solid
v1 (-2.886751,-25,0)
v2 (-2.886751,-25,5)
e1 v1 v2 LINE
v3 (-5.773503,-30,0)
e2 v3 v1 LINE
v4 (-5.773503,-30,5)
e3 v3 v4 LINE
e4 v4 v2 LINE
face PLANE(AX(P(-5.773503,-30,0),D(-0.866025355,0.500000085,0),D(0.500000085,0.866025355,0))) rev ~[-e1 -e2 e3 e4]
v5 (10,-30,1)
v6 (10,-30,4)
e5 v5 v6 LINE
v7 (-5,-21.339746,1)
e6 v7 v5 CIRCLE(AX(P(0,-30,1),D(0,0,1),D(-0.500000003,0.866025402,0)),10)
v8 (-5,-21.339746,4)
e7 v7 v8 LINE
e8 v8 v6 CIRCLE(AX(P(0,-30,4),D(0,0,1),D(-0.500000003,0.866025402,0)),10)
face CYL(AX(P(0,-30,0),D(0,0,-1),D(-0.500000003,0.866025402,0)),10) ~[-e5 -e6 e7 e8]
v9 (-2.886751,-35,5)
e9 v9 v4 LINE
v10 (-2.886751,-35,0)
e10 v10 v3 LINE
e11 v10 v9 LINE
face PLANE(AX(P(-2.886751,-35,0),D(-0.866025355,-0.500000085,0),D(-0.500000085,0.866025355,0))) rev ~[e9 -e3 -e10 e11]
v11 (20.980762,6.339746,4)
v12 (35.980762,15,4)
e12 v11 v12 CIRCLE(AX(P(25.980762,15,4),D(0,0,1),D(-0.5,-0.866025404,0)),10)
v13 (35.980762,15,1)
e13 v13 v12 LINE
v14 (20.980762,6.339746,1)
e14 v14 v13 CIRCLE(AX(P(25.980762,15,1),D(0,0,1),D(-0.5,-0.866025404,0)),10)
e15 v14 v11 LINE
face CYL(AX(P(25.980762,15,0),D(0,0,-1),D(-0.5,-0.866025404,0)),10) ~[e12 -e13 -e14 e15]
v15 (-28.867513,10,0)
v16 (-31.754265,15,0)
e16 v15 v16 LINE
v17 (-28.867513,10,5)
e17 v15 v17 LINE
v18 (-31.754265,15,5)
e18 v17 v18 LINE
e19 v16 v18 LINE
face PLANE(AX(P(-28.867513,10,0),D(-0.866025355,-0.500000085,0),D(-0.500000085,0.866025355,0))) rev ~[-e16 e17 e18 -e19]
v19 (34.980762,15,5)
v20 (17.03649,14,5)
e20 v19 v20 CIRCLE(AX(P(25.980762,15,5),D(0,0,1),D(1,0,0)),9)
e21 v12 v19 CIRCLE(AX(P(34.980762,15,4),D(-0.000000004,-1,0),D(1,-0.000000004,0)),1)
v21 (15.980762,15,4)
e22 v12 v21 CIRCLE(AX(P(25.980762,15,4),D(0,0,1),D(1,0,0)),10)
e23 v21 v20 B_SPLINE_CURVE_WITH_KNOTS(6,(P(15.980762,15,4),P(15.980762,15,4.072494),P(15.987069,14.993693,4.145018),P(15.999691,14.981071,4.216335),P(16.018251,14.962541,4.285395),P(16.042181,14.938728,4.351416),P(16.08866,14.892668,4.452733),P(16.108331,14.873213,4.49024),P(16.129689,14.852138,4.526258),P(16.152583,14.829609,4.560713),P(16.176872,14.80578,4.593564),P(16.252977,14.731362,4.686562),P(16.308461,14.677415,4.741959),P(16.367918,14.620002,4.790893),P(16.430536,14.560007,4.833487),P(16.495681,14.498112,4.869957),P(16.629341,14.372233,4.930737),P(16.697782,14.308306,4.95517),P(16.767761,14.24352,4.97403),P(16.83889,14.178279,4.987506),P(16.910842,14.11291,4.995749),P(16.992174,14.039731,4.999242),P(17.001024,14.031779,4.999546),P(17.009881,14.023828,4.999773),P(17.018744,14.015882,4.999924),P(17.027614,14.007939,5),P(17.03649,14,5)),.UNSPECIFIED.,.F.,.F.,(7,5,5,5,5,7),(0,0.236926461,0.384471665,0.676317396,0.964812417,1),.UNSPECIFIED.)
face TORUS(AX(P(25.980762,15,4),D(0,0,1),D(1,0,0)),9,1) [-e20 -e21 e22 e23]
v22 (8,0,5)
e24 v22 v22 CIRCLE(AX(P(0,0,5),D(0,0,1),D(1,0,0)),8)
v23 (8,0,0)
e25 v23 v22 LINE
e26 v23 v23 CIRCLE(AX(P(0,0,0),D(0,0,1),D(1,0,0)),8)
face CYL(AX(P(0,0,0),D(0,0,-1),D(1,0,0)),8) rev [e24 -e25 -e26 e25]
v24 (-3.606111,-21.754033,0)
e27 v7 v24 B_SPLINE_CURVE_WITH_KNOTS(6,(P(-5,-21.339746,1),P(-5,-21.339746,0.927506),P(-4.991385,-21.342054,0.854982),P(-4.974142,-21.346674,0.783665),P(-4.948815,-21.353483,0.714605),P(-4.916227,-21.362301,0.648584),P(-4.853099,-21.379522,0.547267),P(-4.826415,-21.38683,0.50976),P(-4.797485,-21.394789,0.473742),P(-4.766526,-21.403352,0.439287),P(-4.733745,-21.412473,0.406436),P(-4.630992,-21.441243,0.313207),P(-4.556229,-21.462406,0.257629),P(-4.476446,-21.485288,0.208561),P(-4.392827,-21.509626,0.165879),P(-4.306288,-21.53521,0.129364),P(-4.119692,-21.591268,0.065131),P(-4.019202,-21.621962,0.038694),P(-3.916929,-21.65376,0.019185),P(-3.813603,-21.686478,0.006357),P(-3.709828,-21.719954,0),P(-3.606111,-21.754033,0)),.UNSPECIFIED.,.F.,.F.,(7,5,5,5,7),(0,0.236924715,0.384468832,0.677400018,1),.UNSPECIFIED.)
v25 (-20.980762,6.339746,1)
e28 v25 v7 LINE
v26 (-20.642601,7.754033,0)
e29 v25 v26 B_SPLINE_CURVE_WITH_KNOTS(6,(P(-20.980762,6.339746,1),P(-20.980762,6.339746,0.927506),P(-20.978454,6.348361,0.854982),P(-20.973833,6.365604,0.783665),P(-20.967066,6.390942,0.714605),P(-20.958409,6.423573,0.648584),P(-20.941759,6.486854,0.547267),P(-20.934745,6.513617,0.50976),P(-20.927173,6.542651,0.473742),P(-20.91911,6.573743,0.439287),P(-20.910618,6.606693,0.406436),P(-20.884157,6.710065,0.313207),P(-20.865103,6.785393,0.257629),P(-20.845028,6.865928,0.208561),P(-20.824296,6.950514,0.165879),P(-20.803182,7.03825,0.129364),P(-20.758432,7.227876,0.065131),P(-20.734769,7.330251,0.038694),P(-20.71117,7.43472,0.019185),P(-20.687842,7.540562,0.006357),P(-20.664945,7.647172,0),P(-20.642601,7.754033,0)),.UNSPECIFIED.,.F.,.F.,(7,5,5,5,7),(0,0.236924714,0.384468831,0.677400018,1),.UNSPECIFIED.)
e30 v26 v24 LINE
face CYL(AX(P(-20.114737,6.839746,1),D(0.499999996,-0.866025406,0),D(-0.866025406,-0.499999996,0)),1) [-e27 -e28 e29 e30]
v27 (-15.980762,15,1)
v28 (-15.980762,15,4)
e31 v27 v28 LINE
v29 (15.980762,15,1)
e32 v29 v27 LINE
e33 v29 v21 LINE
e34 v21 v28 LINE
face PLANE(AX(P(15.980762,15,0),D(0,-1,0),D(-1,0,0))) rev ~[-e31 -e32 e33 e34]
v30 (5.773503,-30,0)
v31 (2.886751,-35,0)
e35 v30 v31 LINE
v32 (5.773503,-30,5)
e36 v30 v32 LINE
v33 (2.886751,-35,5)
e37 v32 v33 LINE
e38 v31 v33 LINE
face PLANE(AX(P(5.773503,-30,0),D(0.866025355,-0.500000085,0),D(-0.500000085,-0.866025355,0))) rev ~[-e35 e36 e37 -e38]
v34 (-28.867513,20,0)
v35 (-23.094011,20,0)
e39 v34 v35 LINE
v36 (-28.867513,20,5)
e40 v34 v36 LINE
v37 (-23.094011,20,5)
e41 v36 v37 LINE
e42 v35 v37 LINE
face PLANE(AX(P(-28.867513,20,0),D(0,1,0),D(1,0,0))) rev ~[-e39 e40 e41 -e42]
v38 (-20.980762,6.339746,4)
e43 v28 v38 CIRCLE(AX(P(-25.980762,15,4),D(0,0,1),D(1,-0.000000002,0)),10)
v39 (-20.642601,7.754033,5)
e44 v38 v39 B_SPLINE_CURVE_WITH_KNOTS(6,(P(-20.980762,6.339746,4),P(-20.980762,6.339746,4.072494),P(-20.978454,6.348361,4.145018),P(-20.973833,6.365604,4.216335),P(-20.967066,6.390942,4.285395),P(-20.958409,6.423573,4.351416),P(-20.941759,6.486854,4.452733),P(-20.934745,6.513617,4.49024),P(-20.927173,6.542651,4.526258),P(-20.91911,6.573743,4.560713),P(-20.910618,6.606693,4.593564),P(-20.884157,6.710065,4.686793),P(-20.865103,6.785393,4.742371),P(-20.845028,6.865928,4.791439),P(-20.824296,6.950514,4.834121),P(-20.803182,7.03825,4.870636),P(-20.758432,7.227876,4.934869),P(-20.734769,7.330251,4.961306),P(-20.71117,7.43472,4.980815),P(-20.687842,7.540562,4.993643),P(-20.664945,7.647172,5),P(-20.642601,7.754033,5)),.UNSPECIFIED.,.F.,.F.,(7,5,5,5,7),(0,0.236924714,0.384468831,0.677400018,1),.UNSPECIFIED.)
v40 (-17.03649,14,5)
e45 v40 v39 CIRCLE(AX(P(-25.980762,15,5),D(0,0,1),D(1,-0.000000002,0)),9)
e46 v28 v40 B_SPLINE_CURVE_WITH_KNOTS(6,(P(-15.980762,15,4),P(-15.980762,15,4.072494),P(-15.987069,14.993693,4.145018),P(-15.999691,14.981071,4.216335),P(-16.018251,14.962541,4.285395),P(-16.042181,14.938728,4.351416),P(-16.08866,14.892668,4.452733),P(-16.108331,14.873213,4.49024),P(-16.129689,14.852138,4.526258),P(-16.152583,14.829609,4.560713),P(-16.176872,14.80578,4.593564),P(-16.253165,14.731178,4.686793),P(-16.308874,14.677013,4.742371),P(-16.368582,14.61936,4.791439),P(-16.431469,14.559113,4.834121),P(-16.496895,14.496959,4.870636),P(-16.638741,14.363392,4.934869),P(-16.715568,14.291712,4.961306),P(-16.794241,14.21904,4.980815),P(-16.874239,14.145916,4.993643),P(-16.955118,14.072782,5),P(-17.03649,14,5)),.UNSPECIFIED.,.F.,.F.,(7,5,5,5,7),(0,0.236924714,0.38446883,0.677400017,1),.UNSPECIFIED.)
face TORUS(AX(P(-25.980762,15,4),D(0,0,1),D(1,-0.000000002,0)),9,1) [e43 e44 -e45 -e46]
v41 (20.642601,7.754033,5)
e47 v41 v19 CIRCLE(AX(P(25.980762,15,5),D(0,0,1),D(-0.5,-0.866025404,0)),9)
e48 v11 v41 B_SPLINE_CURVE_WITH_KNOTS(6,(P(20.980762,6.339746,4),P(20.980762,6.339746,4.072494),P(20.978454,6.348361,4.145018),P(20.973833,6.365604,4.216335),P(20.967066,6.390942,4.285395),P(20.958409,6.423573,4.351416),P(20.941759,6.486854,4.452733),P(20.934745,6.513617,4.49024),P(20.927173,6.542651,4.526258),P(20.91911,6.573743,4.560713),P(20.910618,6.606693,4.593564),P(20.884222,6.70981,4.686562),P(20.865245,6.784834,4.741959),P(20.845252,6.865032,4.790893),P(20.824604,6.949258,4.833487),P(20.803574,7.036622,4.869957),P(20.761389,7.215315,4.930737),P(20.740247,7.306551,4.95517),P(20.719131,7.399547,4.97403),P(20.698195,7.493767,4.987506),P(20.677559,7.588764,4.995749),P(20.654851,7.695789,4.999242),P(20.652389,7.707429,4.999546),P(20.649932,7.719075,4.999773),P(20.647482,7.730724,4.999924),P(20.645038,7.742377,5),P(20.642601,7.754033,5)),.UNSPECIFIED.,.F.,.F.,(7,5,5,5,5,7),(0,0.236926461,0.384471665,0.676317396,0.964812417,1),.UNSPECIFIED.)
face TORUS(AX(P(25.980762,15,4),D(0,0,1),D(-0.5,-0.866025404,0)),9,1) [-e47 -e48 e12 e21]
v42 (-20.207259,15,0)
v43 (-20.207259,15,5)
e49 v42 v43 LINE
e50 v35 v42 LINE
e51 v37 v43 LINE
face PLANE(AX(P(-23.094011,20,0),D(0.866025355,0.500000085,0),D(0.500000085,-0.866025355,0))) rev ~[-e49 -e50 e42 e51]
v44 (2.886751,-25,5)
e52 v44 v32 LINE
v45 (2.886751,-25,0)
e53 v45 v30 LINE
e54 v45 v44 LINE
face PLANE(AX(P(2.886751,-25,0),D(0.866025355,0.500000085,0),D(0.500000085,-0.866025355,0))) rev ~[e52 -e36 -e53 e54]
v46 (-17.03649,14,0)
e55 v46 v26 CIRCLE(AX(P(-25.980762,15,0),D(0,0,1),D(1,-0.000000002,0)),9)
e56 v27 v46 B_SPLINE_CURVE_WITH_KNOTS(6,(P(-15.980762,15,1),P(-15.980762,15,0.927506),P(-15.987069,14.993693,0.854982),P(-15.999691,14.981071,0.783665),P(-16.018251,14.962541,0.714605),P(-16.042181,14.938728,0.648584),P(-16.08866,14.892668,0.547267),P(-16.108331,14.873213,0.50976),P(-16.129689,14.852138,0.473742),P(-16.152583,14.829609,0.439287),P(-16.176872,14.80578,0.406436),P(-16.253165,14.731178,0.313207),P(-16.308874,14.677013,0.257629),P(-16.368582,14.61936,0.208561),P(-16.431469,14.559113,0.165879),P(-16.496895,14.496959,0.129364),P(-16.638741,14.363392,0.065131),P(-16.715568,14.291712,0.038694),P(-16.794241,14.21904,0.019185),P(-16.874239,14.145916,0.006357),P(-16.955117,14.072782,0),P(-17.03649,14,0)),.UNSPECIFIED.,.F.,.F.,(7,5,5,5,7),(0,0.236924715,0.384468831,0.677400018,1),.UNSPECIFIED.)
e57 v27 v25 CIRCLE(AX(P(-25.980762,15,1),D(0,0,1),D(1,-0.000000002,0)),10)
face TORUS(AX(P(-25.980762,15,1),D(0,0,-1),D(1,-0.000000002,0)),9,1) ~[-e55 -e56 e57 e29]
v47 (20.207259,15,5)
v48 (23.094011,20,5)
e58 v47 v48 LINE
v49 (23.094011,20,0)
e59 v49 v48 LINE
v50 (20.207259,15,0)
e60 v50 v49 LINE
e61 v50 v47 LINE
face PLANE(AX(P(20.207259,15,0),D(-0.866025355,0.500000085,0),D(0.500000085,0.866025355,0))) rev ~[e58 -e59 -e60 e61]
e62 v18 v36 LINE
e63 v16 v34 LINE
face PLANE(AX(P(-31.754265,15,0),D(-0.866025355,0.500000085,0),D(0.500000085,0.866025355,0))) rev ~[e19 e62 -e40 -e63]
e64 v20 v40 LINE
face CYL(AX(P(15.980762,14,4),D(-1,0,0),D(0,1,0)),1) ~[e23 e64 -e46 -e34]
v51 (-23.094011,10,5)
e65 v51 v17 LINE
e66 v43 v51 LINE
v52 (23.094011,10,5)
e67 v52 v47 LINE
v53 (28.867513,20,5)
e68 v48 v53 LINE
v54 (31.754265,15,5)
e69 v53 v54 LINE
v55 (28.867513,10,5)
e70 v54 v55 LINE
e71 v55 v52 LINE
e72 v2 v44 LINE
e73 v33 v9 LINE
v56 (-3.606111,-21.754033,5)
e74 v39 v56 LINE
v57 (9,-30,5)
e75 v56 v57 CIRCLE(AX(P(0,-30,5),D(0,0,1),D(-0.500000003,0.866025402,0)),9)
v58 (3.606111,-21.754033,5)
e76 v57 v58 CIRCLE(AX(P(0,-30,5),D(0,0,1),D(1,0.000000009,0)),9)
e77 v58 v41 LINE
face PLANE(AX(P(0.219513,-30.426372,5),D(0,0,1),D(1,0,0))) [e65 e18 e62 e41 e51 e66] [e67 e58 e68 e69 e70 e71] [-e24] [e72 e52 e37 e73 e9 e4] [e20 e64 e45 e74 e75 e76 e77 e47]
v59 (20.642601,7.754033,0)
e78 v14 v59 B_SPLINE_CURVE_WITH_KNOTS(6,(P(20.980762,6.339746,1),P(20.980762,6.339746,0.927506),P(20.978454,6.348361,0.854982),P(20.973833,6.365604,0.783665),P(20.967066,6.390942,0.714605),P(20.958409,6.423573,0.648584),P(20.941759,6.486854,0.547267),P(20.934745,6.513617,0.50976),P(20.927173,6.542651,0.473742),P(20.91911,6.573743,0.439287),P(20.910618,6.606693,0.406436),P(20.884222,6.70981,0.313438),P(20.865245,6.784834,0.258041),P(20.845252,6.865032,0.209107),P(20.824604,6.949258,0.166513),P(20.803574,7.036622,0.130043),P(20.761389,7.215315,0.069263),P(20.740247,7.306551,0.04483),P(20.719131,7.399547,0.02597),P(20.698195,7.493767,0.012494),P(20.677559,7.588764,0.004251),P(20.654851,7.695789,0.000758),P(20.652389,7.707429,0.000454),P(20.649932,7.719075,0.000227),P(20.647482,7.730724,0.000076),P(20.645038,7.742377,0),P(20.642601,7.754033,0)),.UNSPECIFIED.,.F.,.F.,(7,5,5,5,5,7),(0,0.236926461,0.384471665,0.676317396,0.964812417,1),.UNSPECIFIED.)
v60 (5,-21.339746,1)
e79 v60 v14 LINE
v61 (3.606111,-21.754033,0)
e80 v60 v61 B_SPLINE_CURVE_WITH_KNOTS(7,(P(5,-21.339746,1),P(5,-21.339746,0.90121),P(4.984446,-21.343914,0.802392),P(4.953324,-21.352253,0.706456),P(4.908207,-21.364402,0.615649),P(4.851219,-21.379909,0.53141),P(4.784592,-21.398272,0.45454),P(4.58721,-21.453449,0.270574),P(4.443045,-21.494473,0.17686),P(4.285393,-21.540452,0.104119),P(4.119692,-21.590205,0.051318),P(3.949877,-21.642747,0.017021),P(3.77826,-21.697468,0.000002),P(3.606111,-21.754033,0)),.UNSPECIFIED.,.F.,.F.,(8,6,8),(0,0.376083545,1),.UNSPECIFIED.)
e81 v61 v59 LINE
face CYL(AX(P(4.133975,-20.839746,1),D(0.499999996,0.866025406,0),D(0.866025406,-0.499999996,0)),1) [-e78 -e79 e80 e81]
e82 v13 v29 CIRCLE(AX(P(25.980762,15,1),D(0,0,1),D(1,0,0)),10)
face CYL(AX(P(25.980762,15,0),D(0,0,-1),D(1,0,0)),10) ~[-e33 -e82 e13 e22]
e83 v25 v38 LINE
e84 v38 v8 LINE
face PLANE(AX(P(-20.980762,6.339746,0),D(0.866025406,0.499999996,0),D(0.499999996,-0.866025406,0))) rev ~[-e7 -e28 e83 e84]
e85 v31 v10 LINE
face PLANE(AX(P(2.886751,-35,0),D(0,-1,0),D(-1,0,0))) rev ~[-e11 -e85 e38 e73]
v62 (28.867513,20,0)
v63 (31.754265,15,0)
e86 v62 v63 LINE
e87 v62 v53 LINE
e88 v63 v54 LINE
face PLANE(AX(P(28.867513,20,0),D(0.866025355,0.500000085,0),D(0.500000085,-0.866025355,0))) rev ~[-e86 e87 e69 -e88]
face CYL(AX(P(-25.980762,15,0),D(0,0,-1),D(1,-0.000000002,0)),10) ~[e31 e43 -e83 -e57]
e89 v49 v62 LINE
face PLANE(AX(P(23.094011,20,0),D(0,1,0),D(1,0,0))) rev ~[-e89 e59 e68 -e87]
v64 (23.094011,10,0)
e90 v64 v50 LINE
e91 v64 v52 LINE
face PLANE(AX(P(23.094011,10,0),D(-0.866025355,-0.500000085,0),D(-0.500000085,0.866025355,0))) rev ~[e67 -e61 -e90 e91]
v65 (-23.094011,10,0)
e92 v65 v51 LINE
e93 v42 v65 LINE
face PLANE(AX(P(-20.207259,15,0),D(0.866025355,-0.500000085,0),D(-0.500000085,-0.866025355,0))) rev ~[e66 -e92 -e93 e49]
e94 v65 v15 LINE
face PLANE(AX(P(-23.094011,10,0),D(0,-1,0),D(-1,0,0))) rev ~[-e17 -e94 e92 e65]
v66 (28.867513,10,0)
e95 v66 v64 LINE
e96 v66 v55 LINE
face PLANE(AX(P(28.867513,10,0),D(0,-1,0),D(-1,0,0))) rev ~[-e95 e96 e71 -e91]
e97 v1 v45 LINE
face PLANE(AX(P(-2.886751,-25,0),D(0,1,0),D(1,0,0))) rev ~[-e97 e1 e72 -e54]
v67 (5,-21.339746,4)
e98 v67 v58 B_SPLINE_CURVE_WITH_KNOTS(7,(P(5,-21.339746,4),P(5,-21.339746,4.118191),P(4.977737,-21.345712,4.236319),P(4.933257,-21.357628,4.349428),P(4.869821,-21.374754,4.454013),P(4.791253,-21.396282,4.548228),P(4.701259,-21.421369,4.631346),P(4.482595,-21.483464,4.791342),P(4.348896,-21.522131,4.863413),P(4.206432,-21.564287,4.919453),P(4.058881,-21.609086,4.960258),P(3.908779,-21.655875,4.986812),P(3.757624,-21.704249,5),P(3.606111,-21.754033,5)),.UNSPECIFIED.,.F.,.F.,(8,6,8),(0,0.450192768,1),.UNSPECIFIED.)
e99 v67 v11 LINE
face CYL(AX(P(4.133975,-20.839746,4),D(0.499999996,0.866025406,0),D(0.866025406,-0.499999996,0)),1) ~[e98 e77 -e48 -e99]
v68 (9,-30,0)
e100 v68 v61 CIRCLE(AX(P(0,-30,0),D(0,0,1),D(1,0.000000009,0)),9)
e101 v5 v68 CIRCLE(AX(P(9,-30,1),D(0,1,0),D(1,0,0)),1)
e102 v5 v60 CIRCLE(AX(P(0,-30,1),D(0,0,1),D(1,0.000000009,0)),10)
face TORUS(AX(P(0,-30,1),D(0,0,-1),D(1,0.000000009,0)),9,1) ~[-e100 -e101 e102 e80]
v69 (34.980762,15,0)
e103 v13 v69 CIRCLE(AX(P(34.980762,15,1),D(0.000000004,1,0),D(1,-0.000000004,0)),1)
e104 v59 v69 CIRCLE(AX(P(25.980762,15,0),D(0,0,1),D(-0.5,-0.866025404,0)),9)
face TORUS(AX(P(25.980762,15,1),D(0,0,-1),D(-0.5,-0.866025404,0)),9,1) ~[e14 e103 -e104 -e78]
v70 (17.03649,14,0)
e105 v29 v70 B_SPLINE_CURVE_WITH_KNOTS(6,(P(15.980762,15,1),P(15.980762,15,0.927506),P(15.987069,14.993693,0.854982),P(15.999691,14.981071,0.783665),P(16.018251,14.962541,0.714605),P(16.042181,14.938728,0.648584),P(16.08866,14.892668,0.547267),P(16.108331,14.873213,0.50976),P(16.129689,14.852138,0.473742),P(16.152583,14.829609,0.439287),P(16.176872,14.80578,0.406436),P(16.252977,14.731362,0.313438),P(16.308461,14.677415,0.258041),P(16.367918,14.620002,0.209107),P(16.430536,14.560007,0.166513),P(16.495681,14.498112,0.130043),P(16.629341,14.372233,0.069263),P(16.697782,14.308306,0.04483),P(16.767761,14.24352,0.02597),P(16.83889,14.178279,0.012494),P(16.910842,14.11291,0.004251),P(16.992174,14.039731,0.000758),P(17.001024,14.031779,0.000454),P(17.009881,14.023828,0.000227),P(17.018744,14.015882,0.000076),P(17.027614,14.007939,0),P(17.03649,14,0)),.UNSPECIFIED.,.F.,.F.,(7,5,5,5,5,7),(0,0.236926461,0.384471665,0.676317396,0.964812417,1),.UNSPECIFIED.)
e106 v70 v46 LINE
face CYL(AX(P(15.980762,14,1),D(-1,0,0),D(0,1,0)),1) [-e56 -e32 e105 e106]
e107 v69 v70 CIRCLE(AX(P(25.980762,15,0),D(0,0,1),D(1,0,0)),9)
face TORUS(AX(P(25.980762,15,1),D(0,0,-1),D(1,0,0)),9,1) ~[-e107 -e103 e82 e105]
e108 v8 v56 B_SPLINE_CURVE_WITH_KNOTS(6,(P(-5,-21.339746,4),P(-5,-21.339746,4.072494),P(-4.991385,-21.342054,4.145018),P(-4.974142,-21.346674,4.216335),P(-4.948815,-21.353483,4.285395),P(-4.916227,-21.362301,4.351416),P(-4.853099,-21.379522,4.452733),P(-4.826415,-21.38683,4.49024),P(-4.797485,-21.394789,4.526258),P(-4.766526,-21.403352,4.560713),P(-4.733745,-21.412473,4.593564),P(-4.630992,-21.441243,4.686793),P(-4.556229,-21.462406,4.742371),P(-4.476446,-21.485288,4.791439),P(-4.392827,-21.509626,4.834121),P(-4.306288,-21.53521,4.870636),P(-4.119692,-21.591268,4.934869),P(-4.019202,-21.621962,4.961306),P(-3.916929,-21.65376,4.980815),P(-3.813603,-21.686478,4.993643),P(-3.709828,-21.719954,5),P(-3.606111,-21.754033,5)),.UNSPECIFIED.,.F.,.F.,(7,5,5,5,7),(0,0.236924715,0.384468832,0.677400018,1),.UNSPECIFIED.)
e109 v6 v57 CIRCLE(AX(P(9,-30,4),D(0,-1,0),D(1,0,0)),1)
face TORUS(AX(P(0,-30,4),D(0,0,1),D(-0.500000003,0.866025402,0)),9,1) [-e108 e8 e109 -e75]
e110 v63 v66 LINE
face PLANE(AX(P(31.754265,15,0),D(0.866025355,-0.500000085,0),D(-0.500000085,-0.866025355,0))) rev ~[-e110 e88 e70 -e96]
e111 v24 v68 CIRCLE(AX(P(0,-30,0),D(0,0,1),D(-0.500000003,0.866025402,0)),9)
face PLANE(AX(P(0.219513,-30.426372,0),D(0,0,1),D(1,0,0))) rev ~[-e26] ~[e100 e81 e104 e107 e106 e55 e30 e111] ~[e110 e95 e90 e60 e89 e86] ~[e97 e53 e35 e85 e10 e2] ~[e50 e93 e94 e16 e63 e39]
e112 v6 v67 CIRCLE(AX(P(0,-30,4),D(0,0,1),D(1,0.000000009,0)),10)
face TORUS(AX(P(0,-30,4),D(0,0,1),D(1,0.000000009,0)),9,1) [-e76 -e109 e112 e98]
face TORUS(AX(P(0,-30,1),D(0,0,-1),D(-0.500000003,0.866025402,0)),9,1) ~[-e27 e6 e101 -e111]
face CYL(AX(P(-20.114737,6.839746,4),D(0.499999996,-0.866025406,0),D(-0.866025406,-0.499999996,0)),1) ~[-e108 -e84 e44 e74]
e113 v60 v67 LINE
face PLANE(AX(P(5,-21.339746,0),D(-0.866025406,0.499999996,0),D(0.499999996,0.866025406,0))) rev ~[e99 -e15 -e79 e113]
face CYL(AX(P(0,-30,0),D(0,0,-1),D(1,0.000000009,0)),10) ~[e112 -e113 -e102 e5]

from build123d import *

# Parameters (mm, degrees)
F0_R     = 8
F1_DEPTH = 5
F2_R     = 1


with BuildPart() as f1:
    # F0 (on Top) → F1 (new body)
    with BuildSketch(Plane.XY):
        with BuildLine():
            ThreePointArc((10, -30), (8.660254, -25), (5, -21.339746))
            Line((5, -21.339746), (2.886751, -25))
            Line((2.886751, -25), (5.773503, -30))
            Line((5.773503, -30), (2.886751, -35))
            Line((2.886751, -35), (-2.886751, -35))
            Line((-2.886751, -35), (-5.773503, -30))
            Line((-5.773503, -30), (-2.886751, -25))
            Line((-2.886751, -25), (-5, -21.339746))
            ThreePointArc((-5, -21.339746), (-5, -38.660254), (10, -30))
        make_face()
        with BuildLine():
            ThreePointArc((20.980762, 6.339746), (17.320508, 10), (15.980762, 15))
            Line((15.980762, 15), (-15.980762, 15))
            ThreePointArc((-15.980762, 15), (-17.320508, 10), (-20.980762, 6.339746))
            Line((-20.980762, 6.339746), (-5, -21.339746))
            ThreePointArc((-5, -21.339746), (0, -20), (5, -21.339746))
            Line((5, -21.339746), (20.980762, 6.339746))
        make_face()
        Circle(F0_R, mode=Mode.SUBTRACT)
        with BuildLine():
            ThreePointArc((-20.980762, 6.339746), (-17.320508, 10), (-15.980762, 15))
            ThreePointArc((-15.980762, 15), (-34.641016, 20), (-20.980762, 6.339746))
        make_face()
        Polygon((-31.754265, 15), (-28.867513, 20), (-23.094011, 20), (-20.207259, 15), (-23.094011, 10), (-28.867513, 10), align=None, mode=Mode.SUBTRACT)
        with BuildLine():
            Line((20.207259, 15), (23.094011, 20))
            Line((23.094011, 20), (28.867513, 20))
            Line((28.867513, 20), (31.754265, 15))
            Line((31.754265, 15), (28.867513, 10))
            Line((28.867513, 10), (23.094011, 10))
            Line((23.094011, 10), (20.980762, 6.339746))
            ThreePointArc((20.980762, 6.339746), (30.980762, 6.339746), (35.980762, 15))
            ThreePointArc((35.980762, 15), (25.980762, 25), (15.980762, 15))
            Line((15.980762, 15), (20.207259, 15))
        make_face()
        with BuildLine():
            Line((2.886751, -25), (5, -21.339746))
            ThreePointArc((5, -21.339746), (0, -20), (-5, -21.339746))
            Line((-5, -21.339746), (-2.886751, -25))
            Line((-2.886751, -25), (2.886751, -25))
        make_face()
        with BuildLine():
            Line((23.094011, 10), (20.207259, 15))
            Line((20.207259, 15), (15.980762, 15))
            ThreePointArc((15.980762, 15), (17.320508, 10), (20.980762, 6.339746))
            Line((20.980762, 6.339746), (23.094011, 10))
        make_face()
    extrude(amount=F1_DEPTH)

    # F2
    f2_edges = [f1.edges().sort_by_distance(p)[0] for p in [
        (-34.641016, 20, 5),
        (0, 15, 5),
        (34.641016, 20, 5),
        (12.990381, -7.5, 5),
        (-5, -38.660254, 5),
        (-12.990381, -7.5, 5),
        (12.990381, -7.5, 0),
        (34.641016, 20, 0),
        (0, 15, 0),
        (-34.641016, 20, 0),
        (-5, -38.660254, 0),
        (-12.990381, -7.5, 0),
    ]]
    fillet(f2_edges, radius=F2_R)


solid = f1.part
